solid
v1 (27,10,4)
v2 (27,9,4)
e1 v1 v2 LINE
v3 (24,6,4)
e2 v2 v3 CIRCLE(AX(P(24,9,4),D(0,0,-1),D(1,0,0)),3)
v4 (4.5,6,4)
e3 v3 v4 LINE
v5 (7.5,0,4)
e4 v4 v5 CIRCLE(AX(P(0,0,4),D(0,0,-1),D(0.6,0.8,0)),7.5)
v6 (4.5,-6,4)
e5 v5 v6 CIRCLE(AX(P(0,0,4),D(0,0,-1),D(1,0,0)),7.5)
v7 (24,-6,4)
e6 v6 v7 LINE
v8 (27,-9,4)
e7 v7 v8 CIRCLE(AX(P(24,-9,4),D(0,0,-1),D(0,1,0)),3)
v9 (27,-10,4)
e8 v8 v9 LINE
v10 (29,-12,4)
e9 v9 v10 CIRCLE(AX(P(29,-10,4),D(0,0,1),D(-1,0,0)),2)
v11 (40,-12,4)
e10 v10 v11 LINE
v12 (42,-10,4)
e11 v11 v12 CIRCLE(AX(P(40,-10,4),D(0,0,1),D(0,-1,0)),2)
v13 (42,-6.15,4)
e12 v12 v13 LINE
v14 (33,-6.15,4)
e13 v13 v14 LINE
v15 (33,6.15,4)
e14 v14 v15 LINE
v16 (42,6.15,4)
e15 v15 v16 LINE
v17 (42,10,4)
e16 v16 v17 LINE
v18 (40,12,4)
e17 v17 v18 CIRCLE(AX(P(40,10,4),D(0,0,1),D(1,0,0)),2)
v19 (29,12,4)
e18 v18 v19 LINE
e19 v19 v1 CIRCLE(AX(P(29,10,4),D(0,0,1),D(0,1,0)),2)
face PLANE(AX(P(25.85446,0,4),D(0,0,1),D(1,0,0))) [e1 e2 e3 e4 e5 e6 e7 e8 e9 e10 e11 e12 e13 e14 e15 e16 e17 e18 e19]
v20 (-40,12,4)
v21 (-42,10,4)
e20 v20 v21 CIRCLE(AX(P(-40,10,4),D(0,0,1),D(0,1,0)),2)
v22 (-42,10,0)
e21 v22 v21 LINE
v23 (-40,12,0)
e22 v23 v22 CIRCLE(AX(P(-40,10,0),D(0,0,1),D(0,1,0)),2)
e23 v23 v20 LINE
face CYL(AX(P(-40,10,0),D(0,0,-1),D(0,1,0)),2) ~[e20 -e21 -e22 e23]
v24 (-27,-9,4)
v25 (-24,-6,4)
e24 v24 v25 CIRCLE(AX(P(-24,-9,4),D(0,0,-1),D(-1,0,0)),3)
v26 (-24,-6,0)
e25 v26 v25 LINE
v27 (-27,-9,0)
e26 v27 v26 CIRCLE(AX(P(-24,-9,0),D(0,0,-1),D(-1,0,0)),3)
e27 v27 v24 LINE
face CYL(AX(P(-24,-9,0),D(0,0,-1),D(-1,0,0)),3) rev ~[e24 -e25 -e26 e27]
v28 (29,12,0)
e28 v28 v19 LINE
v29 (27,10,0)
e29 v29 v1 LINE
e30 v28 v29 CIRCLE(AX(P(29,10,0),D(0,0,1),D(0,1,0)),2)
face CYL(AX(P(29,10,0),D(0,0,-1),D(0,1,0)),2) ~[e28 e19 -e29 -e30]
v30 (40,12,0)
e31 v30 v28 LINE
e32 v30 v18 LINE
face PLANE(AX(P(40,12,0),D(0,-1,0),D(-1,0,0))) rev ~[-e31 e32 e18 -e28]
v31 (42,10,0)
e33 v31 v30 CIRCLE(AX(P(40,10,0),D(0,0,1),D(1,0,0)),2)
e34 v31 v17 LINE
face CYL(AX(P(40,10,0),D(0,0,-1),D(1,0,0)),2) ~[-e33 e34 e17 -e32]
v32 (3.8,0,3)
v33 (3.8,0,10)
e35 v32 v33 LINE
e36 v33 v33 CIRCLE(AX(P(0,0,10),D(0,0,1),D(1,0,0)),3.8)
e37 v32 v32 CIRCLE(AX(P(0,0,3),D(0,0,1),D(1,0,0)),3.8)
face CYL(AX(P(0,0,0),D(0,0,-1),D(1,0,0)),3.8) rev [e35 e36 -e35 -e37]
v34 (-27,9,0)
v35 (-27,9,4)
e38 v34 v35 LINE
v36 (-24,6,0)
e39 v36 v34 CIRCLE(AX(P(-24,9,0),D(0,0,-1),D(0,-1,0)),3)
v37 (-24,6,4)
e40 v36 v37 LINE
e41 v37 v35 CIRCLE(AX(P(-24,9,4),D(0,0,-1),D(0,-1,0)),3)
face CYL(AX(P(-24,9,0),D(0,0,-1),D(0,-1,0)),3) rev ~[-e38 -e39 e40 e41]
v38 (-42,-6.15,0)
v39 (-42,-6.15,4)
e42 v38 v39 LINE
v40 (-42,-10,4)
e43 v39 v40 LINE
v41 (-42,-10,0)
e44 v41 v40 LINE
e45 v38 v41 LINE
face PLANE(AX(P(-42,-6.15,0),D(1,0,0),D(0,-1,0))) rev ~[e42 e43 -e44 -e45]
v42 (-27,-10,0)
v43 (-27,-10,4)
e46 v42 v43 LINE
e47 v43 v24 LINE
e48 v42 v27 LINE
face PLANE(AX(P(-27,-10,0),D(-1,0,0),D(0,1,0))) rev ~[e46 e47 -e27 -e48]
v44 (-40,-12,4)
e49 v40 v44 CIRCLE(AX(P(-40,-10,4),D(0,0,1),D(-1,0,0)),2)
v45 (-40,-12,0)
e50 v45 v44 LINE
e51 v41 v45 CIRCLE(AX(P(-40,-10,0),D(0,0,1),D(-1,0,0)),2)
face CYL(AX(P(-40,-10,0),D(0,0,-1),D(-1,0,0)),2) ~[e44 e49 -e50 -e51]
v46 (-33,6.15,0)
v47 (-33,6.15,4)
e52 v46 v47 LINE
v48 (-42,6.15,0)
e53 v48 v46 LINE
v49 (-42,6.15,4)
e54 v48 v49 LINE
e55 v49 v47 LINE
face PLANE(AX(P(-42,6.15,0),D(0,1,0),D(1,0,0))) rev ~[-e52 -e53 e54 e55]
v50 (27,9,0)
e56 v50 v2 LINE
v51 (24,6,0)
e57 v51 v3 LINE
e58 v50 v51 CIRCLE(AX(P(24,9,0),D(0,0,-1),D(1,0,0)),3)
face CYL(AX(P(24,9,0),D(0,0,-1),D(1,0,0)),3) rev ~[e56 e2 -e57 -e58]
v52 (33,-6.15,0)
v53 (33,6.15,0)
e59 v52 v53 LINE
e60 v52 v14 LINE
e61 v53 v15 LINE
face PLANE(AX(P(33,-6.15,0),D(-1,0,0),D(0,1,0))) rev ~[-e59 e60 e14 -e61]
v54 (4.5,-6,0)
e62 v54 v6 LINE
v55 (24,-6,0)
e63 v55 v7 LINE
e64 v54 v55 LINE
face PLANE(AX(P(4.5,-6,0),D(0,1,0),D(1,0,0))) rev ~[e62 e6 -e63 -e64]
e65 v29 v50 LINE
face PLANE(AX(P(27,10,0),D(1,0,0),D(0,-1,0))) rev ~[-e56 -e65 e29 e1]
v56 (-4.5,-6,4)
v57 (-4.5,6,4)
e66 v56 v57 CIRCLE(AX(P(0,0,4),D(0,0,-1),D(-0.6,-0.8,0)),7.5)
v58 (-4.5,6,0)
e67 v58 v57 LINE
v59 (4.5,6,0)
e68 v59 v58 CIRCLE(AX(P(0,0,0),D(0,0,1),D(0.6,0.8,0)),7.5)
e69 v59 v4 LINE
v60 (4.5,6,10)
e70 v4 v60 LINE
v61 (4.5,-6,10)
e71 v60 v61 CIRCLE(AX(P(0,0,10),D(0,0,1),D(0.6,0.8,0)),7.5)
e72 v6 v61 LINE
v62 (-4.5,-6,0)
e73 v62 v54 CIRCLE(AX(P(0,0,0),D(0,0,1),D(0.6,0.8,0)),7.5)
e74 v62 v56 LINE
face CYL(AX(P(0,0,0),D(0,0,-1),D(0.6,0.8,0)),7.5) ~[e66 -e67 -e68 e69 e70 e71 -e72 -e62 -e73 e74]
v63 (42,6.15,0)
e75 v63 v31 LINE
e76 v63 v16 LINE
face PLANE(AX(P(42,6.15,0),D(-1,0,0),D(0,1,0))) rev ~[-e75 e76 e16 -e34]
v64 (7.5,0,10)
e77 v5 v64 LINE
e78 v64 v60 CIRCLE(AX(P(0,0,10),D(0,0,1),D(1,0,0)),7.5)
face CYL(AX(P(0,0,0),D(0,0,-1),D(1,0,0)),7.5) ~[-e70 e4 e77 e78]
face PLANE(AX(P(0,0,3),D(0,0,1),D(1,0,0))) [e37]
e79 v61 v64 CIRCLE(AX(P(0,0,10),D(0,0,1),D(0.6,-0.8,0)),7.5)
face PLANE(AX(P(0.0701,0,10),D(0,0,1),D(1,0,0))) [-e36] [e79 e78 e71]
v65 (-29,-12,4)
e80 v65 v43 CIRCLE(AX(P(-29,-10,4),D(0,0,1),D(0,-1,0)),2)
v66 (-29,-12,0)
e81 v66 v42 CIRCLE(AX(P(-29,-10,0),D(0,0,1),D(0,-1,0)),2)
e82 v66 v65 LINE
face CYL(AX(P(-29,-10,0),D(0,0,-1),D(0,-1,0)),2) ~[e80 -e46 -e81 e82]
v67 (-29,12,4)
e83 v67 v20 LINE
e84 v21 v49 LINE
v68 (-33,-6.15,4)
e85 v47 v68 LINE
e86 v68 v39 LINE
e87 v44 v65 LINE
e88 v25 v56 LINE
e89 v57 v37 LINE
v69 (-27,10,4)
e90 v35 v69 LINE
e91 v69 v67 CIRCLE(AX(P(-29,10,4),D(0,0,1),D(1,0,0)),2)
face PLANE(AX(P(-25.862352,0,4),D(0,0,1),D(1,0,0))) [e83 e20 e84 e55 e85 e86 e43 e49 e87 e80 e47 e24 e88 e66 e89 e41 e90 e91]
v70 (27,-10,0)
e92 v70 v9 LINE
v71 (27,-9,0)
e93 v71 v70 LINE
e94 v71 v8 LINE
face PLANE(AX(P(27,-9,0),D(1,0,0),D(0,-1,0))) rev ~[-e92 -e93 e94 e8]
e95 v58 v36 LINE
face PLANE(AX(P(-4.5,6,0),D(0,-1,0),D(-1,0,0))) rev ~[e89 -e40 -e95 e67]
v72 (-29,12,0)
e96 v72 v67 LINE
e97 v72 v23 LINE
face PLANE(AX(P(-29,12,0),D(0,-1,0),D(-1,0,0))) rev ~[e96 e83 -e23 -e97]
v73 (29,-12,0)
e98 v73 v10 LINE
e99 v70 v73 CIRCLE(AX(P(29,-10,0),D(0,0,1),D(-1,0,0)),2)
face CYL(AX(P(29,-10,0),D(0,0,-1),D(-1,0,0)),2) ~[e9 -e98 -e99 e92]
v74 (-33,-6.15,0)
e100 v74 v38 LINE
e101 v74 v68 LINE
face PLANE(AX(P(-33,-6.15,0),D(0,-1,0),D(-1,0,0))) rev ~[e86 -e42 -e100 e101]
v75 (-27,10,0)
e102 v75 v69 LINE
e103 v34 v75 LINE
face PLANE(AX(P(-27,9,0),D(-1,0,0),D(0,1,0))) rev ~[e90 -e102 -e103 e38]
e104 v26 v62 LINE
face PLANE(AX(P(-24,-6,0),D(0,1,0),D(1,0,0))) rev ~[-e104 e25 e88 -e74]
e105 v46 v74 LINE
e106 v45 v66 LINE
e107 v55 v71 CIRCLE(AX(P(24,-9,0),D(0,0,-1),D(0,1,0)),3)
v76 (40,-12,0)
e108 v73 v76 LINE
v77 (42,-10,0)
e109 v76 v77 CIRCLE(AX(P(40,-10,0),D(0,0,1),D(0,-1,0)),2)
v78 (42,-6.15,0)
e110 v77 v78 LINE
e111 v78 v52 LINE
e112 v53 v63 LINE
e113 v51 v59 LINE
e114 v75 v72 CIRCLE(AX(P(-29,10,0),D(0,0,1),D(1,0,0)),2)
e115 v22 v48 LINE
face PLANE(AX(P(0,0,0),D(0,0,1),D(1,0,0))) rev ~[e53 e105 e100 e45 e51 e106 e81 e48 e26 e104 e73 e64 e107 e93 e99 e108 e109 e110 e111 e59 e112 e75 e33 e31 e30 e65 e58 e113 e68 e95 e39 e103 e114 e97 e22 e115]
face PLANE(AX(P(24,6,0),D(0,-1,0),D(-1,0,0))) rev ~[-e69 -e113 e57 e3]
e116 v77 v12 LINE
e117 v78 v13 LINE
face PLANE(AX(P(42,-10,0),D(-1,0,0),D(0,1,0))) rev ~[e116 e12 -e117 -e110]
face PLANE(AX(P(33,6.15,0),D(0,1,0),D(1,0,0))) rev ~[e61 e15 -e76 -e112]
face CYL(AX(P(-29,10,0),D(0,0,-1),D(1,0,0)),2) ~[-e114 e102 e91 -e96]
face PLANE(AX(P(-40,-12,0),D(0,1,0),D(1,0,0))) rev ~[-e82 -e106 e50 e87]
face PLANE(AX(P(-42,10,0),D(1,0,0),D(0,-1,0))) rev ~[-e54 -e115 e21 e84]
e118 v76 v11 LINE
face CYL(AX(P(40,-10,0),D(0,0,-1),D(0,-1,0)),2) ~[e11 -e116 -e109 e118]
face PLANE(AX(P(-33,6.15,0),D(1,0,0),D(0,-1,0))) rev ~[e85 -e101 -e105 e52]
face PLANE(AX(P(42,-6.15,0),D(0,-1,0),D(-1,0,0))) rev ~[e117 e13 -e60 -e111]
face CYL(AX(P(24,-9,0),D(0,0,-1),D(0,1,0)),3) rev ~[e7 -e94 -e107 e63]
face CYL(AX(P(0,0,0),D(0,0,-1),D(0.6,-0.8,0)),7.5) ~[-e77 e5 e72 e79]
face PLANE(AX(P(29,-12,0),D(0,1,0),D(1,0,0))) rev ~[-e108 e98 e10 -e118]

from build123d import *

# Parameters (mm, degrees)
F0_R     = 3.8
F1_DEPTH = 10
F2_DEPTH = 4
F3_DEPTH = 3


with BuildPart() as f1:
    # F0 (on Top) → F1 (new body)
    with BuildSketch(Plane.XY):
        with BuildLine():
            ThreePointArc((7.5, 0), (6.7082039325, 3.3541019662), (4.5, 6))
            Line((4.5, 6), (-4.5, 6))
            ThreePointArc((-4.5, 6), (-7.5, 0), (-4.5, -6))
            Line((-4.5, -6), (4.5, -6))
            ThreePointArc((4.5, -6), (6.7082039325, -3.3541019662), (7.5, 0))
        make_face()
        Circle(F0_R, mode=Mode.SUBTRACT)
        with BuildLine():
            Line((4.5, -6), (-4.5, -6))
            ThreePointArc((-4.5, -6), (0, -7.5), (4.5, -6))
        make_face()
        with BuildLine():
            Line((-4.5, 6), (4.5, 6))
            ThreePointArc((4.5, 6), (0, 7.5), (-4.5, 6))
        make_face()
    extrude(amount=F1_DEPTH)

    # F0 (on Top) → F2 (join)
    with BuildSketch(Plane.XY):
        with BuildLine():
            ThreePointArc((-4.5, -6), (-7.5, 0), (-4.5, 6))
            Line((-4.5, 6), (-24, 6))
            ThreePointArc((-24, 6), (-26.1213203436, 6.8786796564), (-27, 9))
            Line((-27, 9), (-27, 10))
            ThreePointArc((-27, 10), (-27.5857864376, 11.4142135624), (-29, 12))
            Line((-29, 12), (-40, 12))
            ThreePointArc((-40, 12), (-41.4142135624, 11.4142135624), (-42, 10))
            Line((-42, 10), (-42, 6.15))
            Line((-42, 6.15), (-33, 6.15))
            Line((-33, 6.15), (-33, -6.15))
            Line((-33, -6.15), (-42, -6.15))
            Line((-42, -6.15), (-42, -10))
            ThreePointArc((-42, -10), (-41.4142135624, -11.4142135624), (-40, -12))
            Line((-40, -12), (-29, -12))
            ThreePointArc((-29, -12), (-27.5857864376, -11.4142135624), (-27, -10))
            Line((-27, -10), (-27, -9))
            ThreePointArc((-27, -9), (-26.1213203436, -6.8786796564), (-24, -6))
            Line((-24, -6), (-4.5, -6))
        make_face()
        with BuildLine():
            ThreePointArc((27, 9), (26.1213203436, 6.8786796564), (24, 6))
            Line((24, 6), (4.5, 6))
            ThreePointArc((4.5, 6), (6.7082039325, 3.3541019662), (7.5, 0))
            ThreePointArc((7.5, 0), (6.7082039325, -3.3541019662), (4.5, -6))
            Line((4.5, -6), (24, -6))
            ThreePointArc((24, -6), (26.1213203436, -6.8786796564), (27, -9))
            Line((27, -9), (27, -10))
            ThreePointArc((27, -10), (27.5857864376, -11.4142135624), (29, -12))
            Line((29, -12), (40, -12))
            ThreePointArc((40, -12), (41.4142135624, -11.4142135624), (42, -10))
            Line((42, -10), (42, -6.15))
            Line((42, -6.15), (33, -6.15))
            Line((33, -6.15), (33, 6.15))
            Line((33, 6.15), (42, 6.15))
            Line((42, 6.15), (42, 10))
            ThreePointArc((42, 10), (41.4142135624, 11.4142135624), (40, 12))
            Line((40, 12), (29, 12))
            ThreePointArc((29, 12), (27.5857864376, 11.4142135624), (27, 10))
            Line((27, 10), (27, 9))
        make_face()
    extrude(amount=F2_DEPTH)

    # F0 (on Top) → F3 (join)
    with BuildSketch(Plane.XY):
        Circle(F0_R)
    extrude(amount=F3_DEPTH)


solid = f1.part
